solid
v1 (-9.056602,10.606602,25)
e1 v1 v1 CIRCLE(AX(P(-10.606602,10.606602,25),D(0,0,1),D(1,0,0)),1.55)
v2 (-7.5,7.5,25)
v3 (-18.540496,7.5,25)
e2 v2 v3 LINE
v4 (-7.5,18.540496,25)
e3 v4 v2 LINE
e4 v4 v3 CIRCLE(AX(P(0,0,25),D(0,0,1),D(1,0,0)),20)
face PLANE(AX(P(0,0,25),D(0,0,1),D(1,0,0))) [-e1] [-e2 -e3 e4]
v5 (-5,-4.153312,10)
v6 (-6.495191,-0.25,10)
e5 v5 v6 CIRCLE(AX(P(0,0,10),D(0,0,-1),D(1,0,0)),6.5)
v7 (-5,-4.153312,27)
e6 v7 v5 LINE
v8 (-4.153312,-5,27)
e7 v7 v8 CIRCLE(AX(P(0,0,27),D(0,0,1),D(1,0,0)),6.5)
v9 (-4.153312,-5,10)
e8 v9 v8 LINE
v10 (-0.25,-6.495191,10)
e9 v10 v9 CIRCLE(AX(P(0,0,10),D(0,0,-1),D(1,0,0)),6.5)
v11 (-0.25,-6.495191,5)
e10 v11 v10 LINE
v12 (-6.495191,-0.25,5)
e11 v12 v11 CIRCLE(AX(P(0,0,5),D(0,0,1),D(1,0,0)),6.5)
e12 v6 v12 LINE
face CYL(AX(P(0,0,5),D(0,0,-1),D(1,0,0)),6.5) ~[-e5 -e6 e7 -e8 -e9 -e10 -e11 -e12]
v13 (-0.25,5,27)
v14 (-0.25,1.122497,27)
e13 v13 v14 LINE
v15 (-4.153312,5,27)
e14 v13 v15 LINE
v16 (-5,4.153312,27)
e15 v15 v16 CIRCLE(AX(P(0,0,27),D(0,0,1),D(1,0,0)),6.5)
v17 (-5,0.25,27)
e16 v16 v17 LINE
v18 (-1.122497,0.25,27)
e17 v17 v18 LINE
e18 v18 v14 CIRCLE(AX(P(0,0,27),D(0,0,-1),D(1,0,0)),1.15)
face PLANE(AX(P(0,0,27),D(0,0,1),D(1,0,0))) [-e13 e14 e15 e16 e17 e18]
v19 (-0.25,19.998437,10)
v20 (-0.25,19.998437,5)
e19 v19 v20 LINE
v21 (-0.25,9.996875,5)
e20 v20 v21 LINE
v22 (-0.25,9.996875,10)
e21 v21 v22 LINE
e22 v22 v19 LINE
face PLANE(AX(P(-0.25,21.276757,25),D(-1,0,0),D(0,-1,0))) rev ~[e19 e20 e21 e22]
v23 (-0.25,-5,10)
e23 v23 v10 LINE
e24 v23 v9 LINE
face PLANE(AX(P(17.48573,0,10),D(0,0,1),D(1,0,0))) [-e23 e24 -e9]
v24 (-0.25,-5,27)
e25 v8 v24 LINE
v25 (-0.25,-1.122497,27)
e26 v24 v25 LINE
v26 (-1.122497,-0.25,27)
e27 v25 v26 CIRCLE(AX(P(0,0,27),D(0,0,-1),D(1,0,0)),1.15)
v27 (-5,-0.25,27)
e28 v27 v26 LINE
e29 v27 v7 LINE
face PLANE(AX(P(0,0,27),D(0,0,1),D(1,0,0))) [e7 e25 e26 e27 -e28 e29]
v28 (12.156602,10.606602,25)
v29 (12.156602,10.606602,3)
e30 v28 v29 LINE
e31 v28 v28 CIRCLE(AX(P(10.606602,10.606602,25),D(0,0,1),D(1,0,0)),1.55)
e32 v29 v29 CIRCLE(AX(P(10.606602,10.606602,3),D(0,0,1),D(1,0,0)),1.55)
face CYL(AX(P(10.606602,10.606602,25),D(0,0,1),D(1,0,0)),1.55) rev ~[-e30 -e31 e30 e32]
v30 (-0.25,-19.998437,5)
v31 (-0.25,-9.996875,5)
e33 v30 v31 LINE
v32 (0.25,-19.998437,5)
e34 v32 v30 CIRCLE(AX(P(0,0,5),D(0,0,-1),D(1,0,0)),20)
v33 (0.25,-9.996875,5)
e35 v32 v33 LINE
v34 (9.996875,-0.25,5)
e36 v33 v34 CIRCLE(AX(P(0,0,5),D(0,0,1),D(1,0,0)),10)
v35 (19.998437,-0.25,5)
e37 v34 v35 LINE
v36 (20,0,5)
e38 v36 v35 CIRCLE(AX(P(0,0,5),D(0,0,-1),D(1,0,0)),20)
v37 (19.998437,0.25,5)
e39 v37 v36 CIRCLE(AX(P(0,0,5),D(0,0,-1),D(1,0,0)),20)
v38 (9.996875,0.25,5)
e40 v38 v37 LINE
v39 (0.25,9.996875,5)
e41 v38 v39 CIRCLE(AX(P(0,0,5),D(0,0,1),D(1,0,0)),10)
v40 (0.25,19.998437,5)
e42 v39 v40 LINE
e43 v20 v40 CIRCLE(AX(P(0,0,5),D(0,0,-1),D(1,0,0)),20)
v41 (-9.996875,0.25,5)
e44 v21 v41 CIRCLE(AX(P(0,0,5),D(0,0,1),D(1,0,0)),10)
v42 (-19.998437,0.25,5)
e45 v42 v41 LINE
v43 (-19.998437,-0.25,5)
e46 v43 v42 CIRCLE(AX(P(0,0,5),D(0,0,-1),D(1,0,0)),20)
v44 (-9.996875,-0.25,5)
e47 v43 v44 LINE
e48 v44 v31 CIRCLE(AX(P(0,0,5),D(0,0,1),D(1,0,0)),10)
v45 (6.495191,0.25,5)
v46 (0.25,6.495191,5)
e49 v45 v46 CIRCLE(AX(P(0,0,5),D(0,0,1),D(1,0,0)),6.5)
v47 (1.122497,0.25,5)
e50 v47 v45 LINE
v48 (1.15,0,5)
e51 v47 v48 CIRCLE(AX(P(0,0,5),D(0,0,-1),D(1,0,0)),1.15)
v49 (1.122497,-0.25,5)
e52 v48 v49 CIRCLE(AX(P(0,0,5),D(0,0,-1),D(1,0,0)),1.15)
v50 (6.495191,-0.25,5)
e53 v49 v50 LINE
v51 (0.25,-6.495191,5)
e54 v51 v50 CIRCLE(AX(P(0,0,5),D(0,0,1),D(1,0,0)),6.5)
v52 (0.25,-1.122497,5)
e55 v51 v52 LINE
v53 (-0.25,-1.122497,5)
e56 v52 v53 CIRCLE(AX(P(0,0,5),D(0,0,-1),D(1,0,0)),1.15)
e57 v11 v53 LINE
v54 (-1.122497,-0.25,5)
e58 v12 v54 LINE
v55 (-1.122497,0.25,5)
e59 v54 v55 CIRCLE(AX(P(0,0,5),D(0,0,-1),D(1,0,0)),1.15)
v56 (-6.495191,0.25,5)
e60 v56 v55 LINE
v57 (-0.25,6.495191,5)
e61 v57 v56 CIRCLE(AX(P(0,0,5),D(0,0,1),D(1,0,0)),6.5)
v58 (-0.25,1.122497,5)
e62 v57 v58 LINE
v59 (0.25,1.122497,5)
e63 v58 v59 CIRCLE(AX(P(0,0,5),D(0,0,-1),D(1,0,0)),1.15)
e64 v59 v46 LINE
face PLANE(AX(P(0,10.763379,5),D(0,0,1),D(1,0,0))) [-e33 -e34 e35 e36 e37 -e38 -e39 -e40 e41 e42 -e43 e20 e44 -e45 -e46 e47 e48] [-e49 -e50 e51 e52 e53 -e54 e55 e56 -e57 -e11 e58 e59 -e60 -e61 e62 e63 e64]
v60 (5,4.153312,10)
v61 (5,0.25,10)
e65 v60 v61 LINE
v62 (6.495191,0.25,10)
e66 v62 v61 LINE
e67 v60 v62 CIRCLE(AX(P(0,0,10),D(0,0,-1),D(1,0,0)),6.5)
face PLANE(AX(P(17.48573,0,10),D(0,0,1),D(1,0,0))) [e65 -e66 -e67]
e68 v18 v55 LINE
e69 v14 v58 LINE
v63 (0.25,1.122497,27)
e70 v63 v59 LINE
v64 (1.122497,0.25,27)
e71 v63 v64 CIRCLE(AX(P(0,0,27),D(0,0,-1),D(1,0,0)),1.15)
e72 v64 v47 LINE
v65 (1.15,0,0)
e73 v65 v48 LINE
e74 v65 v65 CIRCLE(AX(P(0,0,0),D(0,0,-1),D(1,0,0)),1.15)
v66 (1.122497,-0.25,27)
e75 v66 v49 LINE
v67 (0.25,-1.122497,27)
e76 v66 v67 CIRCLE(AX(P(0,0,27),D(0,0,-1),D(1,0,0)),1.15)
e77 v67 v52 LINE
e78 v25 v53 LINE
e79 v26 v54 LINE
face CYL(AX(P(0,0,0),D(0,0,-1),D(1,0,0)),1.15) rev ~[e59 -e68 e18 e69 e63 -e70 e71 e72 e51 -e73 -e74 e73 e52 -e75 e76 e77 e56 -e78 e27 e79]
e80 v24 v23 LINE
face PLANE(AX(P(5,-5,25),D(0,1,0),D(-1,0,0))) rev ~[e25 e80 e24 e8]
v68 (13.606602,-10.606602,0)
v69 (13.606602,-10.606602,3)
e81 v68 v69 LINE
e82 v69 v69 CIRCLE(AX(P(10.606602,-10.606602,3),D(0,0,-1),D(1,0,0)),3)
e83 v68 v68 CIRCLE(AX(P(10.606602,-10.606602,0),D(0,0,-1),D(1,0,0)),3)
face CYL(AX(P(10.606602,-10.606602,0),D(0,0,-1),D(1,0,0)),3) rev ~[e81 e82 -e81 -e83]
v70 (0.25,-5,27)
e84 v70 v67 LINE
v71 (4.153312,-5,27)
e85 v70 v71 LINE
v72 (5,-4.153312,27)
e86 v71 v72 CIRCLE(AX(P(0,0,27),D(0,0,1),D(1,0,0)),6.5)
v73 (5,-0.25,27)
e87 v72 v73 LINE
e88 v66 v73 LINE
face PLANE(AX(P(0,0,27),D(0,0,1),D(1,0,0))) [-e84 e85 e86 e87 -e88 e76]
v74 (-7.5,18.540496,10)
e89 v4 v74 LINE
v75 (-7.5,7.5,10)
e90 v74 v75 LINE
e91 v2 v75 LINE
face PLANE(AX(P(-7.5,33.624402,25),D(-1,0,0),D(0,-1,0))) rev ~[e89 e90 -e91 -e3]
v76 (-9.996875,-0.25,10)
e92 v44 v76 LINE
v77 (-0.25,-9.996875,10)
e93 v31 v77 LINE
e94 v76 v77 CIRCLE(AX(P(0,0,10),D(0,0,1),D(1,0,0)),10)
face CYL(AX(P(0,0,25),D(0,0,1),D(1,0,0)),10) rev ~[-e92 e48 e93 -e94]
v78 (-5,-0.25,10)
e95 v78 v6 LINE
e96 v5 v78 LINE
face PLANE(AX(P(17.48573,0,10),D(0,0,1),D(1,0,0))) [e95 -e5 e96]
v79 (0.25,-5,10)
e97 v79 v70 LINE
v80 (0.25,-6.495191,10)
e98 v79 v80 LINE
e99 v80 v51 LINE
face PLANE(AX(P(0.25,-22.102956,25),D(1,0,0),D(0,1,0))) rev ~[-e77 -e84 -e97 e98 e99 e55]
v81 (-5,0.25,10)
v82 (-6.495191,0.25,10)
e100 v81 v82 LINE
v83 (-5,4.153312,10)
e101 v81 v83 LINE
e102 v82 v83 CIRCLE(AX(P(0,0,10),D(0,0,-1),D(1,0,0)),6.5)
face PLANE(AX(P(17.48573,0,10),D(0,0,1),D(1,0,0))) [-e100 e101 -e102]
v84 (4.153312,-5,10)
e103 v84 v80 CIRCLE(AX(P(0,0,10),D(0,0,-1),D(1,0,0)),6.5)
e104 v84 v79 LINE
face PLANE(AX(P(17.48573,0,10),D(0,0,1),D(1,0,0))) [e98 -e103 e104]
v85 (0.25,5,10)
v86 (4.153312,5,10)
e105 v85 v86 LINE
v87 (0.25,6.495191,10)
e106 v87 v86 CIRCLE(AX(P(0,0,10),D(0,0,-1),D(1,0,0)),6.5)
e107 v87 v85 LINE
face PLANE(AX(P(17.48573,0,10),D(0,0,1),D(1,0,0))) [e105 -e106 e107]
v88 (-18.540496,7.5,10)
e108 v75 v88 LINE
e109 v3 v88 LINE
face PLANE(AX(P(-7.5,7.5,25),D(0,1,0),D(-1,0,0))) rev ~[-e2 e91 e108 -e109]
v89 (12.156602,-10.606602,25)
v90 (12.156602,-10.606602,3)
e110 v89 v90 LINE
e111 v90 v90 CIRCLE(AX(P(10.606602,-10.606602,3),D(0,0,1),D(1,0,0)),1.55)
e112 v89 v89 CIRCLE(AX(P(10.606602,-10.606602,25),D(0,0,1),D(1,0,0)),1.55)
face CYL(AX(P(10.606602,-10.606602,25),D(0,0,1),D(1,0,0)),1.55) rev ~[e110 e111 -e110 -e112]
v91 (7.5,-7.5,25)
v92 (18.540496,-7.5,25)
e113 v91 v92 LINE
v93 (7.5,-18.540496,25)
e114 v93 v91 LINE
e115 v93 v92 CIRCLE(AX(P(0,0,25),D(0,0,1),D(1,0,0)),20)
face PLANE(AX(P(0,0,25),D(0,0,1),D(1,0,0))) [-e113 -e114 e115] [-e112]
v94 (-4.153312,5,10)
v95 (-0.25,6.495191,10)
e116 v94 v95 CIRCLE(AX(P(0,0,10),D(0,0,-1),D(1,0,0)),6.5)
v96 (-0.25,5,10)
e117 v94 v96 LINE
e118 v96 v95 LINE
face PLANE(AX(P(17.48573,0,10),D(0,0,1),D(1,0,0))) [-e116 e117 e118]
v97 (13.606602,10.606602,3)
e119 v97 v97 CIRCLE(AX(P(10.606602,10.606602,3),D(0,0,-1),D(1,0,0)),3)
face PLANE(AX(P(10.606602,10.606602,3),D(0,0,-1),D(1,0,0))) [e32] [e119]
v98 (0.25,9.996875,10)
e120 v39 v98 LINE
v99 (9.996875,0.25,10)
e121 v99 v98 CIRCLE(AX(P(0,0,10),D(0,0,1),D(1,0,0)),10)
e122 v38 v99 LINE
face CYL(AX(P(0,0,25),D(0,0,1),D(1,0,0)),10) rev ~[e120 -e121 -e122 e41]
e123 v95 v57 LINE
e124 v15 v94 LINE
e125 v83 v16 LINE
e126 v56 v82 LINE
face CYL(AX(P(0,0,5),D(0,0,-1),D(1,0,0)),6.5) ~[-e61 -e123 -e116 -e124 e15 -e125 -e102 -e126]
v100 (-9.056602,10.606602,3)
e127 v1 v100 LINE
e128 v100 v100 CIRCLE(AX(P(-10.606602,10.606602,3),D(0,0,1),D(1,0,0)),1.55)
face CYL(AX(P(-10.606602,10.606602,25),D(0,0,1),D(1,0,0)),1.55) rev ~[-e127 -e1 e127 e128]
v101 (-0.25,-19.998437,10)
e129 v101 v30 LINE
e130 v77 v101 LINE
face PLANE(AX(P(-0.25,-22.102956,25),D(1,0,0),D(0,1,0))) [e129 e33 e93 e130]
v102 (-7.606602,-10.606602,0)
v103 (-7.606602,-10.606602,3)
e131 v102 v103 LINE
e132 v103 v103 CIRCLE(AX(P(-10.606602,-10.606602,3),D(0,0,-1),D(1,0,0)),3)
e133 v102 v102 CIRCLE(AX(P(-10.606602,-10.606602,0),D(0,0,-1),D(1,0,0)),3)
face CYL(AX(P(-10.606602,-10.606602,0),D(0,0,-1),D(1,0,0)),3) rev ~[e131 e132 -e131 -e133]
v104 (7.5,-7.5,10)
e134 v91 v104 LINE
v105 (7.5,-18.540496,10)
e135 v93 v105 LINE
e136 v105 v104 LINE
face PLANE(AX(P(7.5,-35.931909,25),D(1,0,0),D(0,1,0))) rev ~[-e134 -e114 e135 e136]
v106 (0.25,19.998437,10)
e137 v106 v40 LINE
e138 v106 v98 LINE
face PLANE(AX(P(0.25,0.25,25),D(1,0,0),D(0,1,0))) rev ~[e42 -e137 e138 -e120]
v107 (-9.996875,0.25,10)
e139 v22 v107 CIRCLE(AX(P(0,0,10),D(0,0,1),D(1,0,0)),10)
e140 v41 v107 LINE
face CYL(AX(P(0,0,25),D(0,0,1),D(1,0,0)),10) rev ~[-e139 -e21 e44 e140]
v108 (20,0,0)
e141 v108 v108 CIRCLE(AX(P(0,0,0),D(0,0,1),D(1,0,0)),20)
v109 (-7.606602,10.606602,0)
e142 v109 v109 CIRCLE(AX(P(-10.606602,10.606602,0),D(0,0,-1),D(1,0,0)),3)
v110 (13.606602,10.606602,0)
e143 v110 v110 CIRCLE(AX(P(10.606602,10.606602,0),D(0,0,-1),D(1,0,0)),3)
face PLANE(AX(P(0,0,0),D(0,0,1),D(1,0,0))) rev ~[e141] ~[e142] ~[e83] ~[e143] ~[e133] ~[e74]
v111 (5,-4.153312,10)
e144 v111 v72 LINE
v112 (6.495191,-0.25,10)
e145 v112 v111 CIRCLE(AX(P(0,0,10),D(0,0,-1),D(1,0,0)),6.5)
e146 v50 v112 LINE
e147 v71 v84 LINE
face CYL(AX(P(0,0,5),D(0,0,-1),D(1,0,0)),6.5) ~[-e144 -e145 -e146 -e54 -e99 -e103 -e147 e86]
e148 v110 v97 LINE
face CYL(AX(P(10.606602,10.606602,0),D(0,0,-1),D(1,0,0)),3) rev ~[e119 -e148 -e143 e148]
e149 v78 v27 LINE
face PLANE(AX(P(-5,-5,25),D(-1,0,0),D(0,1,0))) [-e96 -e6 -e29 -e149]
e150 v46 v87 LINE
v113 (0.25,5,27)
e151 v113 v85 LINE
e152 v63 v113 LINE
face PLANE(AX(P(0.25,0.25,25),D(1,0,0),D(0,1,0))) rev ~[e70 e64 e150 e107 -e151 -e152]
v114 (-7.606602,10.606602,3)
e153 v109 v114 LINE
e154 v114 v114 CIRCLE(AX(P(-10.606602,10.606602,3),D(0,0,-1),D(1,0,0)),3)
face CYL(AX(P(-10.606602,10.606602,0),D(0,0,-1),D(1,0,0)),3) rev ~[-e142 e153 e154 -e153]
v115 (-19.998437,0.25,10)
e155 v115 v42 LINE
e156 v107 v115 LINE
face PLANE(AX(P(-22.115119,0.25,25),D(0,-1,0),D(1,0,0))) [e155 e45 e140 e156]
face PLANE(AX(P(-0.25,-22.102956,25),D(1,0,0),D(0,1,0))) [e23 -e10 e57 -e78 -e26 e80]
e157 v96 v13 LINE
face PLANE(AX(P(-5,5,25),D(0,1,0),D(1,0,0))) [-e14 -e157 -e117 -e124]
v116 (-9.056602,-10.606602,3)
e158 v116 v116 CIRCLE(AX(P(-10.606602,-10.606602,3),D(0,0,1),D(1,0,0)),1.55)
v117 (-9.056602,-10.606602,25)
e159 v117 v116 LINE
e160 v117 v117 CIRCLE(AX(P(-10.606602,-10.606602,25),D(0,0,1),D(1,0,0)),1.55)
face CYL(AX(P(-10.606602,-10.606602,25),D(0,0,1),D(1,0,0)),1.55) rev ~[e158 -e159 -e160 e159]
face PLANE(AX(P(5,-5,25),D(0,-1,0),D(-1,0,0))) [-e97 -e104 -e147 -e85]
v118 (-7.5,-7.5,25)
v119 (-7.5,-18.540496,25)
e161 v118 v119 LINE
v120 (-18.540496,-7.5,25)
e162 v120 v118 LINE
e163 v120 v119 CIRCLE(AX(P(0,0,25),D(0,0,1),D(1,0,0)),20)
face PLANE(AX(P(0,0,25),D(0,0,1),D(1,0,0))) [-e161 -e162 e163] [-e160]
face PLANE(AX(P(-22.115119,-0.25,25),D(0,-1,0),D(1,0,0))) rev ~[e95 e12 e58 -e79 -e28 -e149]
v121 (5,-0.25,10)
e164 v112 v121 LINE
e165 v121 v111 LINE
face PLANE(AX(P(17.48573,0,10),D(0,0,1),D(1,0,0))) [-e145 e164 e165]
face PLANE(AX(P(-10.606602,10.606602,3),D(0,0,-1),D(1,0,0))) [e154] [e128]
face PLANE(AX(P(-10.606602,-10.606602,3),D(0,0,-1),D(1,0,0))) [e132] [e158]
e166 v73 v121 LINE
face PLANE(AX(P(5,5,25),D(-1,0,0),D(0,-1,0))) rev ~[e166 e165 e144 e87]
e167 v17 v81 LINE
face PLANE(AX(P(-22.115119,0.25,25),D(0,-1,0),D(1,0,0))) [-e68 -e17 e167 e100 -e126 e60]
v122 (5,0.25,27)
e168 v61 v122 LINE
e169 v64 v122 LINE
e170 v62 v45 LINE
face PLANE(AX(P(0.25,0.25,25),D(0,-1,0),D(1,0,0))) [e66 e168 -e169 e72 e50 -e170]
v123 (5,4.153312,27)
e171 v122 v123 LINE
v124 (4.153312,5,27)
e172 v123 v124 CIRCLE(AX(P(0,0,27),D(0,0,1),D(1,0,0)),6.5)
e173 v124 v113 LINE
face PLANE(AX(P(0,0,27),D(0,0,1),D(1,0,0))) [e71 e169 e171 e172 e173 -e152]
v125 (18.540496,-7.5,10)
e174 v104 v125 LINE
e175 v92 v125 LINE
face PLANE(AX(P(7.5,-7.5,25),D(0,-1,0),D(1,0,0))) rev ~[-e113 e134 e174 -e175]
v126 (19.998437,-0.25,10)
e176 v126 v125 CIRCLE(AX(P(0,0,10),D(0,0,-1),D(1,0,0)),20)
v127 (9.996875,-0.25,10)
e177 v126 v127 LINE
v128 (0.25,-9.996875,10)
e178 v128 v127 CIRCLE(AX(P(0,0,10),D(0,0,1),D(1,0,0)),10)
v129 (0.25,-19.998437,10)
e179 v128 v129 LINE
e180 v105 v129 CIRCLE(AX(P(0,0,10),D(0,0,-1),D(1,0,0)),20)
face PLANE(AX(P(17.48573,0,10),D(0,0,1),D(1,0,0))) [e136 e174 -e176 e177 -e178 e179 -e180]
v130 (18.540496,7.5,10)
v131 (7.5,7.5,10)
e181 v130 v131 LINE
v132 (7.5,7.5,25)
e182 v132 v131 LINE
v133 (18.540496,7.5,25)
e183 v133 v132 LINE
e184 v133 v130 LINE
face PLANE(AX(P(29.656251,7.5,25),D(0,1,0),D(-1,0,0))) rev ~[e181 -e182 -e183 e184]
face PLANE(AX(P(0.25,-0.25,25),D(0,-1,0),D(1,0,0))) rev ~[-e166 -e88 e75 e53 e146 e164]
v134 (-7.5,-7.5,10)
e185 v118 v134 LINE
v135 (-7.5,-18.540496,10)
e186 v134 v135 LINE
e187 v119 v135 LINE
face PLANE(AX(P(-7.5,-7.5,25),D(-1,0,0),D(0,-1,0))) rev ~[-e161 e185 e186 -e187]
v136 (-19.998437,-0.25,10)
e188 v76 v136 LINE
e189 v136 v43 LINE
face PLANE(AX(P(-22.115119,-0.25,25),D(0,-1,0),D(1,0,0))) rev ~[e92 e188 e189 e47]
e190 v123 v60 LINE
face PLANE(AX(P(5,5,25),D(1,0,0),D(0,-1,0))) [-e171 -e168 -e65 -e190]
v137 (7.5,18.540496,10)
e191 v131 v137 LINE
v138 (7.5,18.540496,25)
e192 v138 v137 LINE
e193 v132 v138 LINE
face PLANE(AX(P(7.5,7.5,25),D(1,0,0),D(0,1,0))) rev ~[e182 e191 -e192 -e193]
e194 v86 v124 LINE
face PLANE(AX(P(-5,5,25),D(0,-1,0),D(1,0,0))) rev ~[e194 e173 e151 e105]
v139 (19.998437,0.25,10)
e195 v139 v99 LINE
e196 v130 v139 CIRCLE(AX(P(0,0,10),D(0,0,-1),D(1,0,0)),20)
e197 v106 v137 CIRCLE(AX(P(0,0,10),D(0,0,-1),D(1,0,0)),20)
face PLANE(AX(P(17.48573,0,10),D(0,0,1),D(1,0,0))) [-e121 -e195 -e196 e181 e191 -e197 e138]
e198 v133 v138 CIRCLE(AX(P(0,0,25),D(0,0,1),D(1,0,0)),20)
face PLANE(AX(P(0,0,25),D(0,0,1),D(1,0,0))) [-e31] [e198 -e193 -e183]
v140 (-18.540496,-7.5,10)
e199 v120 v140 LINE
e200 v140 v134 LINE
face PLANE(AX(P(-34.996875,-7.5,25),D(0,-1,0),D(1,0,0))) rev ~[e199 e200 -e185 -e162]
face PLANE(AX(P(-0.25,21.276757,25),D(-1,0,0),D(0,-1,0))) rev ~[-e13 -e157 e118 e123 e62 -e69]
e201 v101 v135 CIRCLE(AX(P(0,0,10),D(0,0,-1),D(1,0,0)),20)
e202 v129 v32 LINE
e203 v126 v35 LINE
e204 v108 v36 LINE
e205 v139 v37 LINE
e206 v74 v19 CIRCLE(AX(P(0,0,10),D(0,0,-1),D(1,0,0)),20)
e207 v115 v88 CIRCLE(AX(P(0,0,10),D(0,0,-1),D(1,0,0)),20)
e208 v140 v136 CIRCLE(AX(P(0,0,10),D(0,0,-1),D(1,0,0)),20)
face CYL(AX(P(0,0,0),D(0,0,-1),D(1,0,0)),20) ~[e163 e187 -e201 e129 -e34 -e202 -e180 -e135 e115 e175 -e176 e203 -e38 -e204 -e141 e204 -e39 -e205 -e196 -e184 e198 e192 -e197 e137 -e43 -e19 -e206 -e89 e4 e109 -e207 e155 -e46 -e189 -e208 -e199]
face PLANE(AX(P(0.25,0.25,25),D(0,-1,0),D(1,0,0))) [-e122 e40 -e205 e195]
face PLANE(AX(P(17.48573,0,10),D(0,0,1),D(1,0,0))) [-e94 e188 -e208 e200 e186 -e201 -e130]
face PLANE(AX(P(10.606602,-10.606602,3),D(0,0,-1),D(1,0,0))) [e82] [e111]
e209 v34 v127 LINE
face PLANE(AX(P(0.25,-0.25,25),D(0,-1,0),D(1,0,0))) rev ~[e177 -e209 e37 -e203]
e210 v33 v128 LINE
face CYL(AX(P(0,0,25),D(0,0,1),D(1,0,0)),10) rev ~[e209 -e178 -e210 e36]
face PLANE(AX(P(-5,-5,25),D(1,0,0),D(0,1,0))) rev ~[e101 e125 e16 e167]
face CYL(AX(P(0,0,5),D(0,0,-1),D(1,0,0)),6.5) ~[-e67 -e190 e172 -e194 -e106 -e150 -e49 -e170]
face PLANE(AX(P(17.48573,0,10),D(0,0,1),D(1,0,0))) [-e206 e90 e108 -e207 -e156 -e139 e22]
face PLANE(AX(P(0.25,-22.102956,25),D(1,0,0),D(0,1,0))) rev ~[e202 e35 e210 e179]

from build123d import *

# Parameters (mm, degrees)
F0_R      = 20
F1_DEPTH  = 25
F2_R      = 10
F3_DEPTH  = 20
F4_R      = 1.55
F5_DEPTH  = 25.001
F6_R      = 3
F7_DEPTH  = 3
F8_R      = 6.5
F9_DEPTH  = 22
F10_W     = 0.5
F10_H     = 21.0267571211
F10_H_2   = 0.5
F10_W_2   = 21.8651188016
F10_W_3   = 23.3558980227
F10_H_3   = 21.8529557288
F11_DEPTH = 20
F12_W     = 0.5
F12_H     = 6.25
F12_W_2   = 6.25
F12_H_2   = 0.5
F13_DEPTH = 22
F14_W     = 2.5
F14_H     = 2.5
F15_DEPTH = 15
F16_DEPTH = 2.001
F17_R     = 1.15
F18_DEPTH = 27.001


with BuildPart() as f1:
    # F0 (on Top) → F1 (new body)
    with BuildSketch(Plane.XY):
        Circle(F0_R)
    extrude(amount=F1_DEPTH)

    # F2 (on face) → F3 (cut)
    with BuildSketch(Plane.XY.offset(25)):
        Circle(F2_R)
    extrude(amount=-F3_DEPTH, mode=Mode.SUBTRACT)

    # F4 (on face) → F5 (cut, through all)
    with BuildSketch(Plane.XY.offset(25)):
        with Locations((10.6066017178, -10.6066017178)):
            Circle(F4_R)
        with Locations((10.6066017178, 10.6066017178)):
            Circle(F4_R)
        with Locations((-10.6066017178, 10.6066017178)):
            Circle(F4_R)
        with Locations((-10.6066017178, -10.6066017178)):
            Circle(F4_R)
    extrude(amount=-F5_DEPTH, mode=Mode.SUBTRACT)

    # F6 (on face) → F7 (cut)
    with BuildSketch(Plane(origin=(0, 0, 0), x_dir=(1, 0, 0), z_dir=(0, 0, -1))):
        with Locations((-10.6066017178, 10.6066017178)):
            Circle(F6_R)
        with Locations((10.6066017178, 10.6066017178)):
            Circle(F6_R)
        with Locations((10.6066017178, -10.6066017178)):
            Circle(F6_R)
        with Locations((-10.6066017178, -10.6066017178)):
            Circle(F6_R)
    extrude(amount=-F7_DEPTH, mode=Mode.SUBTRACT)

    # F8 (on face) → F9 (join)
    with BuildSketch(Plane.XY.offset(5)):
        Circle(F8_R)
    extrude(amount=F9_DEPTH)

    # F10 (on face) → F11 (cut)
    with BuildSketch(Plane.XY.offset(25)):
        with Locations((0, 10.7633785605)):
            Rectangle(F10_W, F10_H)
        Rectangle(F10_W, F10_H_2)
        with Locations((-11.1825594008, 0)):
            Rectangle(F10_W_2, F10_H_2)
        with Locations((11.9279490113, 0)):
            Rectangle(F10_W_3, F10_H_2)
        with Locations((0, -11.1764778644)):
            Rectangle(F10_W, F10_H_3)
    extrude(amount=-F11_DEPTH, mode=Mode.SUBTRACT)

    # F12 (on face) → F13 (cut)
    with BuildSketch(Plane.XY.offset(27)):
        with Locations((0, 3.375)):
            Rectangle(F12_W, F12_H)
        with Locations((3.375, 0)):
            Rectangle(F12_W_2, F12_H_2)
        Rectangle(F12_W, F12_H_2)
        with Locations((-3.375, 0)):
            Rectangle(F12_W_2, F12_H_2)
        with Locations((0, -3.375)):
            Rectangle(F12_W, F12_H)
    extrude(amount=-F13_DEPTH, mode=Mode.SUBTRACT)

    # F14 (on face) → F15 (cut)
    with BuildSketch(Plane.XY.offset(25)):
        Polygon((7.5, 7.5), (7.5, 5), (5, 5), (5, -5), (7.5, -5), (7.5, -7.5), (29.6562510729, -7.5), (29.6562510729, 7.5), align=None)
        with Locations((6.25, 6.25)):
            Rectangle(F14_W, F14_H)
        Polygon((-5, 5), (5, 5), (5, 7.5), (7.5, 7.5), (7.5, 33.6244015744), (-7.5, 33.6244015744), (-7.5, 7.5), (-5, 7.5), align=None)
        Polygon((-5, -5), (-5, 5), (-7.5, 5), (-7.5, 7.5), (-34.9968748779, 7.5), (-34.9968748779, -7.5), (-7.5, -7.5), (-7.5, -5), align=None)
        with Locations((-6.25, 6.25)):
            Rectangle(F14_W, F14_H)
        Polygon((5, -7.5), (5, -5), (-5, -5), (-5, -7.5), (-7.5, -7.5), (-7.5, -35.9319086373), (7.5, -35.9319086373), (7.5, -7.5), align=None)
        with Locations((6.25, -6.25)):
            Rectangle(F14_W, F14_H)
        with Locations((-6.25, -6.25)):
            Rectangle(F14_W, F14_H)
    extrude(amount=-F15_DEPTH, mode=Mode.SUBTRACT)

    # F14 (on face) → F16 (cut, through all)
    with BuildSketch(Plane.XY.offset(25)):
        Polygon((7.5, 7.5), (7.5, 5), (5, 5), (5, -5), (7.5, -5), (7.5, -7.5), (29.6562510729, -7.5), (29.6562510729, 7.5), align=None)
        with Locations((6.25, 6.25)):
            Rectangle(F14_W, F14_H)
        Polygon((-5, 5), (5, 5), (5, 7.5), (7.5, 7.5), (7.5, 33.6244015744), (-7.5, 33.6244015744), (-7.5, 7.5), (-5, 7.5), align=None)
        Polygon((-5, -5), (-5, 5), (-7.5, 5), (-7.5, 7.5), (-34.9968748779, 7.5), (-34.9968748779, -7.5), (-7.5, -7.5), (-7.5, -5), align=None)
        with Locations((-6.25, 6.25)):
            Rectangle(F14_W, F14_H)
        Polygon((5, -7.5), (5, -5), (-5, -5), (-5, -7.5), (-7.5, -7.5), (-7.5, -35.9319086373), (7.5, -35.9319086373), (7.5, -7.5), align=None)
        with Locations((6.25, -6.25)):
            Rectangle(F14_W, F14_H)
        with Locations((-6.25, -6.25)):
            Rectangle(F14_W, F14_H)
    extrude(amount=F16_DEPTH, mode=Mode.SUBTRACT)

    # F17 (on face) → F18 (cut, through all)
    with BuildSketch(Plane(origin=(0, 0, 0), x_dir=(1, 0, 0), z_dir=(0, 0, -1))):
        Circle(F17_R)
    extrude(amount=-F18_DEPTH, mode=Mode.SUBTRACT)


solid = f1.part
